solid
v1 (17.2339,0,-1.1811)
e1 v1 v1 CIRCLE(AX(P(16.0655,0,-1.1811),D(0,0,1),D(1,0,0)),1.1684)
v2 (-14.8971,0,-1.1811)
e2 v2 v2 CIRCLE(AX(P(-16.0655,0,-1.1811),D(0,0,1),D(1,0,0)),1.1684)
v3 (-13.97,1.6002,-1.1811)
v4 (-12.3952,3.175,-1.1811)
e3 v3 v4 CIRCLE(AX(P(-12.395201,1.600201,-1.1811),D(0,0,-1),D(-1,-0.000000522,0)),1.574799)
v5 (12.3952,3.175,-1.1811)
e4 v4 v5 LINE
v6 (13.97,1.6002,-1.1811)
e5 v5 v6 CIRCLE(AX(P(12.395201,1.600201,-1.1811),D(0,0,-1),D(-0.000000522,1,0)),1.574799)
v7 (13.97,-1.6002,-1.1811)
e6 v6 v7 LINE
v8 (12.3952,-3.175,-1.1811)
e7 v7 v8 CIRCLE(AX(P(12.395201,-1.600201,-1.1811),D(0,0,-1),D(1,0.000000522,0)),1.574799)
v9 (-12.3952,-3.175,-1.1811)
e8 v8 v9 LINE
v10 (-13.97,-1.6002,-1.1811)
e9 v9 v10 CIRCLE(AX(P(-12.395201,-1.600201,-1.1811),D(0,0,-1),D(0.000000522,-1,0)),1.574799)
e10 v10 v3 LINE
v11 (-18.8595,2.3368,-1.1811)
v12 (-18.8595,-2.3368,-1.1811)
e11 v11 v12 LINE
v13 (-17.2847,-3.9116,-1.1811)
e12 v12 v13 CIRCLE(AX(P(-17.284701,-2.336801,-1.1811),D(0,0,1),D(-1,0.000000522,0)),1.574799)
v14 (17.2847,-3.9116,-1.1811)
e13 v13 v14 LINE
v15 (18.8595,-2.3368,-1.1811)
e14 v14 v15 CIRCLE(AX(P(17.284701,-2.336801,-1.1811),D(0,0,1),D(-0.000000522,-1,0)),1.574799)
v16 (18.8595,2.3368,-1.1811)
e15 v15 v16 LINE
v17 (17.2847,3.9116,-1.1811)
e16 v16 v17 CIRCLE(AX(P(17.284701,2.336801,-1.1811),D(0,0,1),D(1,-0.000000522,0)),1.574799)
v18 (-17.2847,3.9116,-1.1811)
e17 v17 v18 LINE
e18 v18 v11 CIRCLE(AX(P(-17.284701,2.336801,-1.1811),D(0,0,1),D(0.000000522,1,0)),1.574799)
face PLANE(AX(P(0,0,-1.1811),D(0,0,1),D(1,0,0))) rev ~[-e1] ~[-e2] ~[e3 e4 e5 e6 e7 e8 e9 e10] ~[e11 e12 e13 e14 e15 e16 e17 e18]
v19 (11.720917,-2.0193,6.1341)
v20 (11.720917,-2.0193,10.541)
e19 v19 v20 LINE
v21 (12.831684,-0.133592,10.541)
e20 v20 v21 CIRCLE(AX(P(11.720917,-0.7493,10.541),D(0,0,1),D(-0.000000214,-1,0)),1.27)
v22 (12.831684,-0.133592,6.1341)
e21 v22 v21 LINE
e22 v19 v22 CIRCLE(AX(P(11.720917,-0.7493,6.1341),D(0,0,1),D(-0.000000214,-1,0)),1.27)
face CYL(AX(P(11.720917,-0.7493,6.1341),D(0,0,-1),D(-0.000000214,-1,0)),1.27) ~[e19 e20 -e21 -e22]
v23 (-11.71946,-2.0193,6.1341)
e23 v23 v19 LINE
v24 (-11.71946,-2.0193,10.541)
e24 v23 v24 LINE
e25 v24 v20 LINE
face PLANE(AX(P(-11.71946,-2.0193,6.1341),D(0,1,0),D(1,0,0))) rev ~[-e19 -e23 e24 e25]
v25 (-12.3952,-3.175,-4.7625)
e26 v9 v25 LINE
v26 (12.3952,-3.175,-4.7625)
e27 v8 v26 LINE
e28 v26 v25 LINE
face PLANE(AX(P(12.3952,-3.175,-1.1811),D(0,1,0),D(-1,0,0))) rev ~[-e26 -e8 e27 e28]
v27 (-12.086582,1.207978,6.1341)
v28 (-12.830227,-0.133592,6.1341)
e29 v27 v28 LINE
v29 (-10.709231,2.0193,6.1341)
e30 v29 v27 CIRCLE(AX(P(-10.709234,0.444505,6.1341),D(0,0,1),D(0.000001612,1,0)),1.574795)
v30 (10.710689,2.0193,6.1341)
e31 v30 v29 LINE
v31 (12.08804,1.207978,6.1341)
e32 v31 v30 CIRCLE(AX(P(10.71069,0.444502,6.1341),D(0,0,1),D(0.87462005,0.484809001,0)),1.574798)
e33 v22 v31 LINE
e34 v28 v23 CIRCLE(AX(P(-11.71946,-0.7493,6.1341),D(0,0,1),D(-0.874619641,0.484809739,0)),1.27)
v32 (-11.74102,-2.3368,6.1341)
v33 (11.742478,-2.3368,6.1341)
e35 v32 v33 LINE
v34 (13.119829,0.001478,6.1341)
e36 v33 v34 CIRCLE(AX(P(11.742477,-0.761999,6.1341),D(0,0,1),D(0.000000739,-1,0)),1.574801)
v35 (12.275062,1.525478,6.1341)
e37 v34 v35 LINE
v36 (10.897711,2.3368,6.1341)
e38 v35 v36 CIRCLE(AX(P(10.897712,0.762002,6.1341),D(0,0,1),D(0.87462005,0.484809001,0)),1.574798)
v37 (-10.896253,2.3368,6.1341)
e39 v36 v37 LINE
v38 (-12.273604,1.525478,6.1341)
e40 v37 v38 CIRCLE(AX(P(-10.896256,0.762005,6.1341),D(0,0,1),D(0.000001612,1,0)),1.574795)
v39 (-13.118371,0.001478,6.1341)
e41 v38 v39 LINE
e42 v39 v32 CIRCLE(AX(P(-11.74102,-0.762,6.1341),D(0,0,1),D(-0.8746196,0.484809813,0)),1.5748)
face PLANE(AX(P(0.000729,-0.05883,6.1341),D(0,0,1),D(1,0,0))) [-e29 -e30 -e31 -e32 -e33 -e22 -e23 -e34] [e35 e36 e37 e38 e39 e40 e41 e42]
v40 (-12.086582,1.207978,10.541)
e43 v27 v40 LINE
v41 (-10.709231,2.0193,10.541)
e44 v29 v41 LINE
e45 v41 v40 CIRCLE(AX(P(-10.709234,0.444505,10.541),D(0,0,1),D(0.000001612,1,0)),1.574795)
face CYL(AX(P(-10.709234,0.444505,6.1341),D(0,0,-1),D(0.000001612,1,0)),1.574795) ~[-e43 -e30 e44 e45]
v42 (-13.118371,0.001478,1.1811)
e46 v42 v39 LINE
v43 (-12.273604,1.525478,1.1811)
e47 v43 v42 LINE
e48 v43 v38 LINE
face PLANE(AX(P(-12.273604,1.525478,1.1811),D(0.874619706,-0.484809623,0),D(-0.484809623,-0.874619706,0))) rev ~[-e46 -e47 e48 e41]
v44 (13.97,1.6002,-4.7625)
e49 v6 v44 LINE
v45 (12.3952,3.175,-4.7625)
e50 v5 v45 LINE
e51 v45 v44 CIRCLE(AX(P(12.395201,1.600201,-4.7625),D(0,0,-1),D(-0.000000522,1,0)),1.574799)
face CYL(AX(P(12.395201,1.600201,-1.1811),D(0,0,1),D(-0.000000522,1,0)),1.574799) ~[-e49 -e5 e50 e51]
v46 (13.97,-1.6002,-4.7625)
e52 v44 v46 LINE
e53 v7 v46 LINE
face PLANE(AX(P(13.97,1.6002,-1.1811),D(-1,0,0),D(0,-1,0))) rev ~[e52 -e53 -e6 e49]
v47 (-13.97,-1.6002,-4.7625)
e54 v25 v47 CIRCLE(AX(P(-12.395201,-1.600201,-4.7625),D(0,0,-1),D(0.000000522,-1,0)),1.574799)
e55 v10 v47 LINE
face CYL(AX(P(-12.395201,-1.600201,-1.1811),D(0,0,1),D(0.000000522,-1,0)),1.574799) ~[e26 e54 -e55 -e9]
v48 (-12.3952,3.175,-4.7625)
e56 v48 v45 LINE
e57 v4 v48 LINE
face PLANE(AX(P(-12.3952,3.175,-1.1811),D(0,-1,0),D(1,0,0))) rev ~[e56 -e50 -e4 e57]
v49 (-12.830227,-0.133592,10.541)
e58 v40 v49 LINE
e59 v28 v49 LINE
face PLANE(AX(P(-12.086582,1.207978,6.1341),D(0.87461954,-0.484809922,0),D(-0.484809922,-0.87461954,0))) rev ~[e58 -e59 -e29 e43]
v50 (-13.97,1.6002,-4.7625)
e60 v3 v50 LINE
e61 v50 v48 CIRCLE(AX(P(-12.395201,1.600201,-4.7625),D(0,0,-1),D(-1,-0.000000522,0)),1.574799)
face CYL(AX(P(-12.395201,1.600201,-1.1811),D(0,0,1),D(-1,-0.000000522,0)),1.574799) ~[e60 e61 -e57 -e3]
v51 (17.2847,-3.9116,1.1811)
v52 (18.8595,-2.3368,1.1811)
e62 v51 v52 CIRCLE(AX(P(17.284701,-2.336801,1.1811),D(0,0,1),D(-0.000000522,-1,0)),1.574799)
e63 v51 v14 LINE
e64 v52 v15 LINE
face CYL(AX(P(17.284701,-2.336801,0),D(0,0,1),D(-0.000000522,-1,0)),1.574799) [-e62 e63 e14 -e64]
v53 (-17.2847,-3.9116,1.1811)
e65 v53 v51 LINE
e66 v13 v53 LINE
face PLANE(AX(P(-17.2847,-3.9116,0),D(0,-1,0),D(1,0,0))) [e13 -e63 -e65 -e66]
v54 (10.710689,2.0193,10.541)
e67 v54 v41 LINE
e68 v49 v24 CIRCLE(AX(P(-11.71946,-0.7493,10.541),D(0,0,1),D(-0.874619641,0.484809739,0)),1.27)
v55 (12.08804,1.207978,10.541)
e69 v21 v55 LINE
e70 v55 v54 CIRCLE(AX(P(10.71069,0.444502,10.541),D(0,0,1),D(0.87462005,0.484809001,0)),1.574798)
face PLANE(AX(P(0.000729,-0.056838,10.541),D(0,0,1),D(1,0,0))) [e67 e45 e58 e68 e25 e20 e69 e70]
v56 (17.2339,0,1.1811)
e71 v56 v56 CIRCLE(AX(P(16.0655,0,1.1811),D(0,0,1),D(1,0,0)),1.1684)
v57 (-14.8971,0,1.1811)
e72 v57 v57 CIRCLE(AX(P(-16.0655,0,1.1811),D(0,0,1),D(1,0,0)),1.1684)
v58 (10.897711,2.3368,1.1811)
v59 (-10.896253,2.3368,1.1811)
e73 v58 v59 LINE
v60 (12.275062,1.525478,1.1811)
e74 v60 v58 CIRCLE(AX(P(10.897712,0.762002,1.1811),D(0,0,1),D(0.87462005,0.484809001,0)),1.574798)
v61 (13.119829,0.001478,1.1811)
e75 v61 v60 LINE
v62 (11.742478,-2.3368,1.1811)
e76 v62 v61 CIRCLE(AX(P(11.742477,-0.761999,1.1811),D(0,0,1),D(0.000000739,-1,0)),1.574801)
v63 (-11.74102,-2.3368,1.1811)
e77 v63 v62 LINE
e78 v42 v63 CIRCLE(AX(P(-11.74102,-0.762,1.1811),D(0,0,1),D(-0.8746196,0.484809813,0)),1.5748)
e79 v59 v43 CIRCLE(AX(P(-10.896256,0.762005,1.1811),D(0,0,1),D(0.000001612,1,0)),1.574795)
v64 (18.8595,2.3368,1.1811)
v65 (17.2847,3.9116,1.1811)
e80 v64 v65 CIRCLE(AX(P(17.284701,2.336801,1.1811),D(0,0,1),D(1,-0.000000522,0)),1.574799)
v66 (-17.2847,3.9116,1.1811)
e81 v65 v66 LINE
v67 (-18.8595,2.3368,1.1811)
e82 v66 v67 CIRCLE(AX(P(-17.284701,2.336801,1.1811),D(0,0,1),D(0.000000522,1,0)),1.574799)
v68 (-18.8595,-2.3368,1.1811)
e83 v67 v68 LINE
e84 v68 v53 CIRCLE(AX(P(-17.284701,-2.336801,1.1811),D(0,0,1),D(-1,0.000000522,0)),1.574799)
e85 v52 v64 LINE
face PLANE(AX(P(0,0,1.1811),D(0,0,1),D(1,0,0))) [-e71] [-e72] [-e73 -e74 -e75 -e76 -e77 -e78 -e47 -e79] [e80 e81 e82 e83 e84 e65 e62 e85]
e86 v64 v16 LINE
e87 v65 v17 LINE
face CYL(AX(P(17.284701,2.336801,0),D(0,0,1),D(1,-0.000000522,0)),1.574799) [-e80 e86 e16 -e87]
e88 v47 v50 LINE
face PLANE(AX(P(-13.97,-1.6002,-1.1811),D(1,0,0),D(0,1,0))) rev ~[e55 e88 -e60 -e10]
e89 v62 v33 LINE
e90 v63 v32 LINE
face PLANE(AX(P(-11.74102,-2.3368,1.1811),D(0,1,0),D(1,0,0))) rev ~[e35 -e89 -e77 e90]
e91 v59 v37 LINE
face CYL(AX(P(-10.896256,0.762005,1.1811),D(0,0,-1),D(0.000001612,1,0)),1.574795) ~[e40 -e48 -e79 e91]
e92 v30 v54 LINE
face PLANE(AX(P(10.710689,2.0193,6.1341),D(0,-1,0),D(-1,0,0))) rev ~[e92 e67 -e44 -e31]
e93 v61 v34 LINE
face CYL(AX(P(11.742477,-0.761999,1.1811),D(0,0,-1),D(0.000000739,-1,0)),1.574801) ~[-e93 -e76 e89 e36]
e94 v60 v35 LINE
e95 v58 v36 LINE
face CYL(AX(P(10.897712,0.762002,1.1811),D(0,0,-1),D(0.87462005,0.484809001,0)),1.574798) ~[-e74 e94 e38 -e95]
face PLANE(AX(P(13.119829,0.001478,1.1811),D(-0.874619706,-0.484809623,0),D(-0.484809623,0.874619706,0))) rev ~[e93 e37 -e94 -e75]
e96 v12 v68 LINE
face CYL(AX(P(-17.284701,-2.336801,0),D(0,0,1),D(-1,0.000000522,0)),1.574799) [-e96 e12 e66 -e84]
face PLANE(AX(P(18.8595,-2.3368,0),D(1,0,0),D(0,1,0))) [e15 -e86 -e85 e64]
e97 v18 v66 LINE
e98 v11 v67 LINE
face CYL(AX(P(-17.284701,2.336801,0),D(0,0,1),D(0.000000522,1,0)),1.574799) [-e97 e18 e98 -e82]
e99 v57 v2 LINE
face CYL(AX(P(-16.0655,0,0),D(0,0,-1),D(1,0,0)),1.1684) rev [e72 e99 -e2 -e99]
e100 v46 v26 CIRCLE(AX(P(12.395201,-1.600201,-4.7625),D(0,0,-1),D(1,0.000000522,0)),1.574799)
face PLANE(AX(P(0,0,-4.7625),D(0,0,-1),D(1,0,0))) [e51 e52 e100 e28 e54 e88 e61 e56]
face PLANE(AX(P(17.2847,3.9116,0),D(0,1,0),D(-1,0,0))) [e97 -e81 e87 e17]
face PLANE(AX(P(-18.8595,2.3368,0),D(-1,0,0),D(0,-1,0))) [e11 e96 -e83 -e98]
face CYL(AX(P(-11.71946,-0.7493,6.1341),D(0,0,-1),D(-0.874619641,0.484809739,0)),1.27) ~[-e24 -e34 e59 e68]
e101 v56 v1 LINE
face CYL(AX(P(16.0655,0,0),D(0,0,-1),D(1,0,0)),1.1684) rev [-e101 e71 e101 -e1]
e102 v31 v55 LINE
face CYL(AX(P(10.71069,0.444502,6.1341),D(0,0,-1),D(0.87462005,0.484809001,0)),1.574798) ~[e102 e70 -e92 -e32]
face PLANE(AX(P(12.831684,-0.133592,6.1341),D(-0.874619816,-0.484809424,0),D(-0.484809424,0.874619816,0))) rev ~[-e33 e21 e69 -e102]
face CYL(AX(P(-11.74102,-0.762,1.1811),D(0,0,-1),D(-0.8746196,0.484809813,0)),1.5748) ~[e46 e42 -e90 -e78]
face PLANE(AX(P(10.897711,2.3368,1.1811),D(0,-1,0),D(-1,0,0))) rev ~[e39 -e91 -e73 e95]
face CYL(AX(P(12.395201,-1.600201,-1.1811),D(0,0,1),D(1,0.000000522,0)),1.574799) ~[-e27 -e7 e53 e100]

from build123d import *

# Parameters (mm, degrees)
F0_R     = 1.1684
F1_DEPTH = 1.1811
F3_DEPTH = 4.953
F5_DEPTH = 3.5814
F7_DEPTH = 4.4069


with BuildPart() as f1:
    # F0 (on Top) → F1 (new body, symmetric)
    with BuildSketch(Plane.XY):
        with BuildLine():
            Line((17.2847, 3.9116), (-17.2847, 3.9116))
            ThreePointArc((-17.2847, 3.9116), (-18.398252, 3.450352), (-18.8595, 2.3368))
            Line((-18.8595, 2.3368), (-18.8595, -2.3368))
            ThreePointArc((-18.8595, -2.3368), (-18.398252, -3.450352), (-17.2847, -3.9116))
            Line((-17.2847, -3.9116), (17.2847, -3.9116))
            ThreePointArc((17.2847, -3.9116), (18.398252, -3.450352), (18.8595, -2.3368))
            Line((18.8595, -2.3368), (18.8595, 2.3368))
            ThreePointArc((18.8595, 2.3368), (18.398252, 3.450352), (17.2847, 3.9116))
        make_face()
        with Locations((-16.0655, 0)):
            Circle(F0_R, mode=Mode.SUBTRACT)
        with Locations((16.0655, 0)):
            Circle(F0_R, mode=Mode.SUBTRACT)
    extrude(amount=F1_DEPTH, both=True)

    # F2 (on face) → F3 (join)
    with BuildSketch(Plane.XY.offset(1.1811)):
        with BuildLine():
            Line((-11.74102, -2.3368), (11.742478, -2.3368))
            ThreePointArc((11.742478, -2.3368), (13.099371, -1.561271), (13.119829, 0.001478))
            Line((13.119829, 0.001478), (12.275062, 1.525478))
            ThreePointArc((12.275062, 1.525478), (11.696982, 2.118894), (10.897711, 2.3368))
            Line((10.897711, 2.3368), (-10.896253, 2.3368))
            ThreePointArc((-10.896253, 2.3368), (-11.695525, 2.118894), (-12.273604, 1.525478))
            Line((-12.273604, 1.525478), (-13.118371, 0.001478))
            ThreePointArc((-13.118371, 0.001478), (-13.097914, -1.561271), (-11.74102, -2.3368))
        make_face()
    extrude(amount=F3_DEPTH)

    # F4 (on face) → F5 (join)
    with BuildSketch(Plane(origin=(0, 0, -1.1811), x_dir=(1, 0, 0), z_dir=(0, 0, -1))):
        with BuildLine():
            Line((12.3952, 3.175), (-12.3952, 3.175))
            ThreePointArc((-12.3952, 3.175), (-13.508752, 2.713752), (-13.97, 1.6002))
            Line((-13.97, 1.6002), (-13.97, -1.6002))
            ThreePointArc((-13.97, -1.6002), (-13.508752, -2.713752), (-12.3952, -3.175))
            Line((-12.3952, -3.175), (12.3952, -3.175))
            ThreePointArc((12.3952, -3.175), (13.508752, -2.713752), (13.97, -1.6002))
            Line((13.97, -1.6002), (13.97, 1.6002))
            ThreePointArc((13.97, 1.6002), (13.508752, 2.713752), (12.3952, 3.175))
        make_face()
    extrude(amount=F5_DEPTH)

    # F6 (on face) → F7 (join)
    with BuildSketch(Plane.XY.offset(6.1341)):
        with BuildLine():
            Line((10.710689, 2.0193), (-10.709231, 2.0193))
            ThreePointArc((-10.709231, 2.0193), (-11.508503, 1.801394), (-12.086582, 1.207978))
            Line((-12.086582, 1.207978), (-12.830227, -0.133592))
            ThreePointArc((-12.830227, -0.133592), (-12.813729, -1.393874), (-11.71946, -2.0193))
            Line((-11.71946, -2.0193), (11.720917, -2.0193))
            ThreePointArc((11.720917, -2.0193), (12.815186, -1.393874), (12.831684, -0.133592))
            Line((12.831684, -0.133592), (12.08804, 1.207978))
            ThreePointArc((12.08804, 1.207978), (11.50996, 1.801394), (10.710689, 2.0193))
        make_face()
    extrude(amount=F7_DEPTH)


solid = f1.part
